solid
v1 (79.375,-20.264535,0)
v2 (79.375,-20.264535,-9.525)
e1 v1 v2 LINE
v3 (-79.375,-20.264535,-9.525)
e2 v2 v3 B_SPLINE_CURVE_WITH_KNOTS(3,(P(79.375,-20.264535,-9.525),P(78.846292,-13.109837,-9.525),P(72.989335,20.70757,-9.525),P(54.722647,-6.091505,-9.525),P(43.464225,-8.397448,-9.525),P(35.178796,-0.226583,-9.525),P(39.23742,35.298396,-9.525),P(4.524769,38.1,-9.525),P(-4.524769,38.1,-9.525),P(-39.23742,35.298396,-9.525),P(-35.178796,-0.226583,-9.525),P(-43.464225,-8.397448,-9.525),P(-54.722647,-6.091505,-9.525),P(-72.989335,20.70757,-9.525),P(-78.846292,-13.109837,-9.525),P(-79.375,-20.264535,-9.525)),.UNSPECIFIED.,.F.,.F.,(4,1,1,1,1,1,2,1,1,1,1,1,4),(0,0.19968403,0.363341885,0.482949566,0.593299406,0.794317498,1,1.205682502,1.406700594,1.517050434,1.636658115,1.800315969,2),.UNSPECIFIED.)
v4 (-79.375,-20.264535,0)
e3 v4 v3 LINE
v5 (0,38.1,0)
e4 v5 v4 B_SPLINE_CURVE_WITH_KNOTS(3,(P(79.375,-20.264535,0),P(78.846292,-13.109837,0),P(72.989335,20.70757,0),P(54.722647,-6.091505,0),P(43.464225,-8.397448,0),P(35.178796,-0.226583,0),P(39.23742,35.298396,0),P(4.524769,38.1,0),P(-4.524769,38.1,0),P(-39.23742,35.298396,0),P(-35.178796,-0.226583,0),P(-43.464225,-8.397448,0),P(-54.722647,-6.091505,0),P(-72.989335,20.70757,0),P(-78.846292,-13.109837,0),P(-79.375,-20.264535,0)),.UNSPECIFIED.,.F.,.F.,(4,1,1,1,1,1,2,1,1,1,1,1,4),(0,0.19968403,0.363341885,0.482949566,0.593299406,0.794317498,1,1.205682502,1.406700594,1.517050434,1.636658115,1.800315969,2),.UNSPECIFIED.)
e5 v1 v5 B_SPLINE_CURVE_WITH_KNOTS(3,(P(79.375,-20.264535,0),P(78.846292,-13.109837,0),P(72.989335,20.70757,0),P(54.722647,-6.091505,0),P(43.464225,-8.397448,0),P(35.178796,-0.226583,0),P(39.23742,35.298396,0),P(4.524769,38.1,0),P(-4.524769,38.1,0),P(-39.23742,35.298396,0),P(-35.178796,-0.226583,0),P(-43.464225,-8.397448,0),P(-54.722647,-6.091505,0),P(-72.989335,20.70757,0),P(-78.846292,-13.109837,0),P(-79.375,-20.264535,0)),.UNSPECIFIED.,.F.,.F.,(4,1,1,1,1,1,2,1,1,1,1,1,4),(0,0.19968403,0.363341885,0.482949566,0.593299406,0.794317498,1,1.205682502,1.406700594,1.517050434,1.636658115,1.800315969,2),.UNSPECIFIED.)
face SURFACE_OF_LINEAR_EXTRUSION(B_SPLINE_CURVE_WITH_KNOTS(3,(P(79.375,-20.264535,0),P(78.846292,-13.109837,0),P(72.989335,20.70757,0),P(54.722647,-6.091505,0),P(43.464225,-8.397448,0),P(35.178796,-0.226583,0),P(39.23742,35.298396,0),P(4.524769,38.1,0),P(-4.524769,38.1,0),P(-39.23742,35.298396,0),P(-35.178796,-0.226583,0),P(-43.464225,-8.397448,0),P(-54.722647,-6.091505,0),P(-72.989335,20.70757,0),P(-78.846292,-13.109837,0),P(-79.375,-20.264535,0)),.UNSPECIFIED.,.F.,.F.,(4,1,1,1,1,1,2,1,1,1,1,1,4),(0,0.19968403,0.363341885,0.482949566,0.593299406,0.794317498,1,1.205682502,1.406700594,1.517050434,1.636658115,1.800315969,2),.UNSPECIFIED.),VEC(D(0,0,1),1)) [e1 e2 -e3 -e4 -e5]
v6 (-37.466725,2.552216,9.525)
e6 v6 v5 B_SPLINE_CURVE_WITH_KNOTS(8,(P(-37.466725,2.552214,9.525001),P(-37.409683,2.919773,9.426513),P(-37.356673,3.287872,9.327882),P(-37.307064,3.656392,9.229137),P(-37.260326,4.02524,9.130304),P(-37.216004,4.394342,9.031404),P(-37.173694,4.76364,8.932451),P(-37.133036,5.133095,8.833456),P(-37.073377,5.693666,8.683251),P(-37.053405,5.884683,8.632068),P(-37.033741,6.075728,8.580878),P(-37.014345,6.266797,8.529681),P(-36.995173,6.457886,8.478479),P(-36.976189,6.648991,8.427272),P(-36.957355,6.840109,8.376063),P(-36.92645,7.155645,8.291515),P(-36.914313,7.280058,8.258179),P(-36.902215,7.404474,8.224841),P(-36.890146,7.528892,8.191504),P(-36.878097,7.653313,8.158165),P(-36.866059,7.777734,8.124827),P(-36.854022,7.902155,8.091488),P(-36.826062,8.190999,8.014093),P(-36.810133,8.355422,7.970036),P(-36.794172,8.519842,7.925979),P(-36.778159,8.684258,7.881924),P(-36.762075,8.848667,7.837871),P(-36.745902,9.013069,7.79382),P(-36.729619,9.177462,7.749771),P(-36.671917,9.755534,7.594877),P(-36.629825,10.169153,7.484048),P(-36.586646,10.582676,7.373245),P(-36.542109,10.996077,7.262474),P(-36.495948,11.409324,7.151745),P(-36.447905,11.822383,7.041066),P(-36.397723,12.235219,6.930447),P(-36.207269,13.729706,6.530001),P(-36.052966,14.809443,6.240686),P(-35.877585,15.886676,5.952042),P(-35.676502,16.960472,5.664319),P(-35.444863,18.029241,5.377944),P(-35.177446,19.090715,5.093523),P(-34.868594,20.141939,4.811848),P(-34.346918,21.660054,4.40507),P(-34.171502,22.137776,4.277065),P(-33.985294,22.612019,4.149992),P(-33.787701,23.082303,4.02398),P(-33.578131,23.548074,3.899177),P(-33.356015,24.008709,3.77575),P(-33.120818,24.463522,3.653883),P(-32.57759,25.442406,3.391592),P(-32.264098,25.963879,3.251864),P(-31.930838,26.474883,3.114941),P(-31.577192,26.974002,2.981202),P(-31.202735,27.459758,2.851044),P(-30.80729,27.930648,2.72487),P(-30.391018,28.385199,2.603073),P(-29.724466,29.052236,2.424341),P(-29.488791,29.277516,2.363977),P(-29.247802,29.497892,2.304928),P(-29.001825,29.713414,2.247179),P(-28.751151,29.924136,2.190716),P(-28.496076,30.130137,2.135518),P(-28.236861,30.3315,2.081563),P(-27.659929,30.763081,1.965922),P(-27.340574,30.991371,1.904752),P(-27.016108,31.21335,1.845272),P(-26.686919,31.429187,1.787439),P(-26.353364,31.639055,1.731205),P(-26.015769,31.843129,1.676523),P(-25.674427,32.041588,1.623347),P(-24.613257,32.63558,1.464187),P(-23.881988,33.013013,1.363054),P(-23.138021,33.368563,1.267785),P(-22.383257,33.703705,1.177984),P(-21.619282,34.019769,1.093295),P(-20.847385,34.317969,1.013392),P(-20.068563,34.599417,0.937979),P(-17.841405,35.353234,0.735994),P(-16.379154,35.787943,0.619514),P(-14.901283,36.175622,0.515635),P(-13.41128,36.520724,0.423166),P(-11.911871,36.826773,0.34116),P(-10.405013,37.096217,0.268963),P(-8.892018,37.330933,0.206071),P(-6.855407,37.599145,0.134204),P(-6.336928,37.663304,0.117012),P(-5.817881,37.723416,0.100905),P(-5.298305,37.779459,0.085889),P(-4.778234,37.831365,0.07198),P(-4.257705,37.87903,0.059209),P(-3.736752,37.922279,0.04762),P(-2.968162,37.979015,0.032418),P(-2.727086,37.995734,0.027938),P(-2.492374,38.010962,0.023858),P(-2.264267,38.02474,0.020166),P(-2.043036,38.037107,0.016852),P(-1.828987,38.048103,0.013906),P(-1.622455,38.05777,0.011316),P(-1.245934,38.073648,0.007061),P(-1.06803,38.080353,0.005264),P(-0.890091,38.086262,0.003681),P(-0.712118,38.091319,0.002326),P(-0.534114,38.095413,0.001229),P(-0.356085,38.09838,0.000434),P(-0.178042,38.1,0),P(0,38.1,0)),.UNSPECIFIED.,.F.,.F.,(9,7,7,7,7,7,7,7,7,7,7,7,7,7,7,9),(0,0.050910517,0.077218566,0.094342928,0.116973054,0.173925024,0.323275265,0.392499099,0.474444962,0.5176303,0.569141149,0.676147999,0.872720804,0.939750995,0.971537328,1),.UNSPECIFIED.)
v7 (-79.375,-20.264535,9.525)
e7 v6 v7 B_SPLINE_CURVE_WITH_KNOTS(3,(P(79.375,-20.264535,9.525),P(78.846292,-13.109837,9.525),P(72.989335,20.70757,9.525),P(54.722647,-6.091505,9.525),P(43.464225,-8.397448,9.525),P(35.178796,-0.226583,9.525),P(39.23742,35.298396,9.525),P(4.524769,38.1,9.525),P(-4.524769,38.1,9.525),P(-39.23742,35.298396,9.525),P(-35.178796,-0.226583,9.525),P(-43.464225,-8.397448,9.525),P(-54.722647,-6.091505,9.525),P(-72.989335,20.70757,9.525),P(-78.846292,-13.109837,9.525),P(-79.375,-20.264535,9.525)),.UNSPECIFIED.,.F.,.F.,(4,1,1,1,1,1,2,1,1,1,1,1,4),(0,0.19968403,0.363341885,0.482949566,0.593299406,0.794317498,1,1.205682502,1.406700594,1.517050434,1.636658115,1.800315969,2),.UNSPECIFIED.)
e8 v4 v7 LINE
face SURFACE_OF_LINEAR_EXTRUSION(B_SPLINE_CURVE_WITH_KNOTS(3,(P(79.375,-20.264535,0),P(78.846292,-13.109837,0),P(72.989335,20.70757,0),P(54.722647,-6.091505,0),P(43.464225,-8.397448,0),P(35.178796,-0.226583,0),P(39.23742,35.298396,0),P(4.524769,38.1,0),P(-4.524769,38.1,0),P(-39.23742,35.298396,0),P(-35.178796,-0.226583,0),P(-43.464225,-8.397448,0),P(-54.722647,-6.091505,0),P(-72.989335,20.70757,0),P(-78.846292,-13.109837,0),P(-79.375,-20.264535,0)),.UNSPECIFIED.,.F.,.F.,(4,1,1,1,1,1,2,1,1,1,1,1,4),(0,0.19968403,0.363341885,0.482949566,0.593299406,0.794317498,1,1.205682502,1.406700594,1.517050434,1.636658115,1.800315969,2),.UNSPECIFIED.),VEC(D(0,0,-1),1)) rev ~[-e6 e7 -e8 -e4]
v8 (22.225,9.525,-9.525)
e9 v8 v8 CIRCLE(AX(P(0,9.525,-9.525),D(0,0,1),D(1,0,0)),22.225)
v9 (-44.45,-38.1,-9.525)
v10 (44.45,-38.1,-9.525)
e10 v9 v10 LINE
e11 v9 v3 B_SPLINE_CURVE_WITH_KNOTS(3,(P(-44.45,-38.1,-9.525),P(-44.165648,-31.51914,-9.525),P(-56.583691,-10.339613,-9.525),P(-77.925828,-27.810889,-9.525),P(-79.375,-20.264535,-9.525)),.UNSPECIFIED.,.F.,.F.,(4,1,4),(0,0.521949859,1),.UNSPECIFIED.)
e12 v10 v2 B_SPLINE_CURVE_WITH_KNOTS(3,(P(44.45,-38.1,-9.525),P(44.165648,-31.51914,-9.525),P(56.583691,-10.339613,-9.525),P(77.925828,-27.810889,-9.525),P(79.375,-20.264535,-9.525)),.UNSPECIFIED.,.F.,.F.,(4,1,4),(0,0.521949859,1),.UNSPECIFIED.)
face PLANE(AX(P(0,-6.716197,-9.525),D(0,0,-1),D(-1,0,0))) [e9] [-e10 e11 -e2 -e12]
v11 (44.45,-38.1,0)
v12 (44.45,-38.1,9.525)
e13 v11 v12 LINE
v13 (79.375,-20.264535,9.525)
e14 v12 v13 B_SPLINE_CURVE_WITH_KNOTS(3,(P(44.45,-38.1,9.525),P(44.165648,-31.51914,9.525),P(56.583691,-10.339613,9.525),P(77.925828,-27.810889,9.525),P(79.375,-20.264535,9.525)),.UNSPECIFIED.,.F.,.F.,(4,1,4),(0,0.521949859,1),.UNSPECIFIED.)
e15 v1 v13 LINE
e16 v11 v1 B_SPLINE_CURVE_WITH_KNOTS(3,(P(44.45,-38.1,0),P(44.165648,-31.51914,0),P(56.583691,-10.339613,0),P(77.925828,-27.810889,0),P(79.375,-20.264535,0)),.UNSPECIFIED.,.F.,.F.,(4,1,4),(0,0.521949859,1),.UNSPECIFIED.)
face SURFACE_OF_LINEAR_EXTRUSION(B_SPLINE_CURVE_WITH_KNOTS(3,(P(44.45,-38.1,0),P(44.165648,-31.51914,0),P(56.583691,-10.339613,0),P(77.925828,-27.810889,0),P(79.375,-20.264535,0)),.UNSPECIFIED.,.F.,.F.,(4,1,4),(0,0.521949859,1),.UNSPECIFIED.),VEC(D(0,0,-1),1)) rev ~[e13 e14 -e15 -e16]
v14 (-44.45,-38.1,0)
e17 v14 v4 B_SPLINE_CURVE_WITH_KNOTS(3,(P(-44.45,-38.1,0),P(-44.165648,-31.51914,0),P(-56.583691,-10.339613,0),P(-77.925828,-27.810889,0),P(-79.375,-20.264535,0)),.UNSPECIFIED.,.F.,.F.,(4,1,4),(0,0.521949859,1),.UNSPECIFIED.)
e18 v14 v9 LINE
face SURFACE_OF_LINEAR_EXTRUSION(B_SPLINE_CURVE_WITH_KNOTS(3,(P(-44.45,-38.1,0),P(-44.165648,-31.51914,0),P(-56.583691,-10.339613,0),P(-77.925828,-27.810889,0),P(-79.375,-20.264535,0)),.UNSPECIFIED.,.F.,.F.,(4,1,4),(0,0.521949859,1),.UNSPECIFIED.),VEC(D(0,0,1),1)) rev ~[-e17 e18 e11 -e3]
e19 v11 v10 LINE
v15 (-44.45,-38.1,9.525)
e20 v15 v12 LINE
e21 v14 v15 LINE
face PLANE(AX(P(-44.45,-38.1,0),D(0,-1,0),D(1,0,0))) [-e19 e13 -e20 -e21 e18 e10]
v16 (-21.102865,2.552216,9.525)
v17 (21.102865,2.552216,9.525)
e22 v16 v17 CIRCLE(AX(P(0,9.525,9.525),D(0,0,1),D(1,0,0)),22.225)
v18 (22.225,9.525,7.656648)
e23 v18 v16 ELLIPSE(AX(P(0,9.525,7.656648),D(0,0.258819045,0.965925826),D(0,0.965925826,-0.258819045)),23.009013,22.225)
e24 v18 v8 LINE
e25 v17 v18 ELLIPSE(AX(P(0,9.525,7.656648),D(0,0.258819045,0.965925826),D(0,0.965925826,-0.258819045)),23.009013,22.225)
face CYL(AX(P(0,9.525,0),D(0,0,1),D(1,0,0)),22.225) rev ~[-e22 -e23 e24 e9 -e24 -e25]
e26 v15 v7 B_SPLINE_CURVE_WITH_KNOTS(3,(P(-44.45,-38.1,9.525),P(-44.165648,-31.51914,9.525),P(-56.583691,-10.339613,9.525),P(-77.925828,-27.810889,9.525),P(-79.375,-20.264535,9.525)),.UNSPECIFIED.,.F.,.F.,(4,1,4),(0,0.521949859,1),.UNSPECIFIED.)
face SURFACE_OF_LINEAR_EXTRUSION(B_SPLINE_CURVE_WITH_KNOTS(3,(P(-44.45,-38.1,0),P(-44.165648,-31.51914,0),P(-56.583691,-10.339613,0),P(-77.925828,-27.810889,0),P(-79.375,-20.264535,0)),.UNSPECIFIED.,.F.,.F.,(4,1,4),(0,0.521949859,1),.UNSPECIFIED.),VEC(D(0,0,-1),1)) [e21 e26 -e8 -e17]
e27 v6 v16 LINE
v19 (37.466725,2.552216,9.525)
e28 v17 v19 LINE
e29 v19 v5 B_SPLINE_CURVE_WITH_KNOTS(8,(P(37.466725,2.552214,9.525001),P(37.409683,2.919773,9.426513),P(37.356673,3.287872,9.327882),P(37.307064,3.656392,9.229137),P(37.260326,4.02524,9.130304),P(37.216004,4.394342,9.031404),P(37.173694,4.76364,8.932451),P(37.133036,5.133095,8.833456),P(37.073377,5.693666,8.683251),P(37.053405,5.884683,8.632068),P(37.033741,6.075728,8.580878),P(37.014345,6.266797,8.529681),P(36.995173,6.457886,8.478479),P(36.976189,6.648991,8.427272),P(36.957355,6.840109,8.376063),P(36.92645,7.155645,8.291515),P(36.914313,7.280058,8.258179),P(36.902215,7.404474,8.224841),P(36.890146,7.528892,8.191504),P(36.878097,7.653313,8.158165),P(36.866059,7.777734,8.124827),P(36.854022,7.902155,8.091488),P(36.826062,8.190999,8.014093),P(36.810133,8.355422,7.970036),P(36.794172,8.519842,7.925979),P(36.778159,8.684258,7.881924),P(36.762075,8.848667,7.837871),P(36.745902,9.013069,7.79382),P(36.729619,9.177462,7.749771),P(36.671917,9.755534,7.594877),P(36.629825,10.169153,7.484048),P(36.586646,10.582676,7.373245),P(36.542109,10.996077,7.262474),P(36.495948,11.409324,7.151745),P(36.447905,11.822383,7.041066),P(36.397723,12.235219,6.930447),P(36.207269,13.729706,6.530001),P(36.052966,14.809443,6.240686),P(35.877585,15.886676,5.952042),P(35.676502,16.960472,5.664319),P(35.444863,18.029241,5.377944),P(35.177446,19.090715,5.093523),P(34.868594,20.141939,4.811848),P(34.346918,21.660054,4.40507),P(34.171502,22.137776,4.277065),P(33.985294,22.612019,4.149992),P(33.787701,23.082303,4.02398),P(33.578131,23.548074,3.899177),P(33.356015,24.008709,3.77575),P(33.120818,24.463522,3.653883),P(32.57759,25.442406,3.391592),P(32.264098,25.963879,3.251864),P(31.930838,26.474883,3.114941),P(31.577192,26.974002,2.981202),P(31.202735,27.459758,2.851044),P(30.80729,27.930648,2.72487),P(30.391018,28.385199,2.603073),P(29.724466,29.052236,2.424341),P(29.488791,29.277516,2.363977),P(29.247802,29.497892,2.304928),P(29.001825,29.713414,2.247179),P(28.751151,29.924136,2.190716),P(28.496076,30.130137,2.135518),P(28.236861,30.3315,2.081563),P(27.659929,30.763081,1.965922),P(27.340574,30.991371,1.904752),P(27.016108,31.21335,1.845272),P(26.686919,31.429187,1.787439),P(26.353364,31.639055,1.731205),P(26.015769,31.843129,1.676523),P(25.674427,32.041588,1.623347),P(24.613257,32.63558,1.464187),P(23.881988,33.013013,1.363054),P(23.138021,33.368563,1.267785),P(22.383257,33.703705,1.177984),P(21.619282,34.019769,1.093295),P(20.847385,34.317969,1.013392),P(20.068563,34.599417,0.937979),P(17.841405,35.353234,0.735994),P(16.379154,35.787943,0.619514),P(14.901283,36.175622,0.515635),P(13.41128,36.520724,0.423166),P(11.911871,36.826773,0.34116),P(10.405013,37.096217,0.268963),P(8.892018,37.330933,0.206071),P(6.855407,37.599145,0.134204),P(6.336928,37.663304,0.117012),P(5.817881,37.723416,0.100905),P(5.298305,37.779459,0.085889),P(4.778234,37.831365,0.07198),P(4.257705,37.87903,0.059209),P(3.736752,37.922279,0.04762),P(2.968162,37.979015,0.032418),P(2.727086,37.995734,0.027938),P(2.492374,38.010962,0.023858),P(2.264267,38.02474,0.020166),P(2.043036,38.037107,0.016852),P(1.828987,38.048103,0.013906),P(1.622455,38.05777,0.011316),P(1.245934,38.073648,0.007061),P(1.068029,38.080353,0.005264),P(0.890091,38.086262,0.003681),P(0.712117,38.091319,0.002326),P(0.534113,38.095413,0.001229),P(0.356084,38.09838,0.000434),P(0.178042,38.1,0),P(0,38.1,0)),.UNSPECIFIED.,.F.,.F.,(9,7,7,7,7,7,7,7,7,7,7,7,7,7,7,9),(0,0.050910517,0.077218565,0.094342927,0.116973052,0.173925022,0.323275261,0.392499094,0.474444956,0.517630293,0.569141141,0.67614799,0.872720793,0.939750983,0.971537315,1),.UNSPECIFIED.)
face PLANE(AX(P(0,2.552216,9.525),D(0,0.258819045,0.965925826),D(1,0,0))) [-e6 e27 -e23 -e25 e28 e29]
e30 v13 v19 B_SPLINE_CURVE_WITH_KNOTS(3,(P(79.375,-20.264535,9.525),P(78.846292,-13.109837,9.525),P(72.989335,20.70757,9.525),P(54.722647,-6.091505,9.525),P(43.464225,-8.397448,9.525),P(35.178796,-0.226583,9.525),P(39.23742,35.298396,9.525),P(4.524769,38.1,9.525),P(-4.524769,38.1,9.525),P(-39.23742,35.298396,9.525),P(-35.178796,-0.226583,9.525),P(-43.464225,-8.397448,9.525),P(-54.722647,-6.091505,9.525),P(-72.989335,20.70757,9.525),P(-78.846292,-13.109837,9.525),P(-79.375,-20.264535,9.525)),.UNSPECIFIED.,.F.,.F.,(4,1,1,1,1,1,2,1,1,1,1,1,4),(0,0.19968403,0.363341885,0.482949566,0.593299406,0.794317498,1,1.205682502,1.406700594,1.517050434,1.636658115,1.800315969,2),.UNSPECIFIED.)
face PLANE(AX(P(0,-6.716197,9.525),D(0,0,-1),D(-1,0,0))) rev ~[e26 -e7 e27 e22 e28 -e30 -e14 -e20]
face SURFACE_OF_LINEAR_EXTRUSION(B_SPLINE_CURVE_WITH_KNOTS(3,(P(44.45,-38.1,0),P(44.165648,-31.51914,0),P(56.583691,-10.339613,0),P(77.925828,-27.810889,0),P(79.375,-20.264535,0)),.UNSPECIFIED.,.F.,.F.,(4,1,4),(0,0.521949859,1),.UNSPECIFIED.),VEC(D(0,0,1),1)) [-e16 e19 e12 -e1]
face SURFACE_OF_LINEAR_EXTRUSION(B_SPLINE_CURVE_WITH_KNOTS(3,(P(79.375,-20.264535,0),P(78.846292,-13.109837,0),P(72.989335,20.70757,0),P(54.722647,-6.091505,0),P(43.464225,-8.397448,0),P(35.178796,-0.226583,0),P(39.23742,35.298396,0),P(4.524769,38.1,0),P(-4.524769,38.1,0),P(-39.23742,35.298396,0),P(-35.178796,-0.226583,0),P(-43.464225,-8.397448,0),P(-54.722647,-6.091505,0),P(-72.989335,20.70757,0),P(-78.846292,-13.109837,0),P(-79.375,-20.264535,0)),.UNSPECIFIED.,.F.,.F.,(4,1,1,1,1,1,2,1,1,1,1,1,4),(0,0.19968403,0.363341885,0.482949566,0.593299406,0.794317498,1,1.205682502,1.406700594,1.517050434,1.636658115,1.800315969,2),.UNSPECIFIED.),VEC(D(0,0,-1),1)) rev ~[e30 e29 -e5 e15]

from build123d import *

# Parameters (mm, degrees)
F0_R     = 22.225
F1_DEPTH = 9.525
F3_W     = 117.8007498384
F3_H     = 102.1766290069
F4_DEPTH = 12.7


with BuildPart() as f1:
    # F0 (on Top) → F1 (new body, symmetric)
    with BuildSketch(Plane.XY):
        with BuildLine():
            add(Edge.make_bspline(
                [(0, 38.1), (4.5247688773, 38.1), (39.2374196705, 35.2983955359), (35.1787959147, -0.2265828757), (43.4642249392, -8.3974483761), (54.7226468179, -6.0915054166), (72.989334639, 20.7075696796), (78.8462924526, -13.1098367435), (79.375, -20.2645347237)],
                knots=[0, 0, 0, 0, 0.2056825017, 0.4067005944, 0.5170504344, 0.6366581151, 0.8003159695, 1, 1, 1, 1], degree=3))
            add(Edge.make_bspline(
                [(0, 38.1), (-4.5247688773, 38.1), (-39.2374196705, 35.2983955359), (-35.1787959147, -0.2265828757), (-43.4642249392, -8.3974483761), (-54.7226468179, -6.0915054166), (-72.989334639, 20.7075696796), (-78.8462924526, -13.1098367435), (-79.375, -20.2645347237)],
                knots=[0, 0, 0, 0, 0.2056825017, 0.4067005944, 0.5170504344, 0.6366581151, 0.8003159695, 1, 1, 1, 1], degree=3))
            add(Edge.make_bspline(
                [(-44.45, -38.1), (-44.1656482425, -31.5191401215), (-56.5836913358, -10.3396130207), (-77.9258282674, -27.8108887773), (-79.375, -20.2645347237)],
                knots=[0, 0, 0, 0, 0.5219498595, 1, 1, 1, 1], degree=3))
            Line((-44.45, -38.1), (44.45, -38.1))
            add(Edge.make_bspline(
                [(44.45, -38.1), (44.1656482425, -31.5191401215), (56.5836913358, -10.3396130207), (77.9258282674, -27.8108887773), (79.375, -20.2645347237)],
                knots=[0, 0, 0, 0, 0.5219498595, 1, 1, 1, 1], degree=3))
        make_face()
        with Locations((0, 9.525)):
            Circle(F0_R, mode=Mode.SUBTRACT)
    extrude(amount=F1_DEPTH, both=True)

    # F3 (on line) → F4 (cut)
    with BuildSketch(Plane(origin=(0, 2.5522160579, 9.525), x_dir=(1, 0, 0), z_dir=(0, 0.2588190451, 0.9659258263))):
        Rectangle(F3_W, F3_H)
    extrude(amount=F4_DEPTH, mode=Mode.SUBTRACT)


solid = f1.part
